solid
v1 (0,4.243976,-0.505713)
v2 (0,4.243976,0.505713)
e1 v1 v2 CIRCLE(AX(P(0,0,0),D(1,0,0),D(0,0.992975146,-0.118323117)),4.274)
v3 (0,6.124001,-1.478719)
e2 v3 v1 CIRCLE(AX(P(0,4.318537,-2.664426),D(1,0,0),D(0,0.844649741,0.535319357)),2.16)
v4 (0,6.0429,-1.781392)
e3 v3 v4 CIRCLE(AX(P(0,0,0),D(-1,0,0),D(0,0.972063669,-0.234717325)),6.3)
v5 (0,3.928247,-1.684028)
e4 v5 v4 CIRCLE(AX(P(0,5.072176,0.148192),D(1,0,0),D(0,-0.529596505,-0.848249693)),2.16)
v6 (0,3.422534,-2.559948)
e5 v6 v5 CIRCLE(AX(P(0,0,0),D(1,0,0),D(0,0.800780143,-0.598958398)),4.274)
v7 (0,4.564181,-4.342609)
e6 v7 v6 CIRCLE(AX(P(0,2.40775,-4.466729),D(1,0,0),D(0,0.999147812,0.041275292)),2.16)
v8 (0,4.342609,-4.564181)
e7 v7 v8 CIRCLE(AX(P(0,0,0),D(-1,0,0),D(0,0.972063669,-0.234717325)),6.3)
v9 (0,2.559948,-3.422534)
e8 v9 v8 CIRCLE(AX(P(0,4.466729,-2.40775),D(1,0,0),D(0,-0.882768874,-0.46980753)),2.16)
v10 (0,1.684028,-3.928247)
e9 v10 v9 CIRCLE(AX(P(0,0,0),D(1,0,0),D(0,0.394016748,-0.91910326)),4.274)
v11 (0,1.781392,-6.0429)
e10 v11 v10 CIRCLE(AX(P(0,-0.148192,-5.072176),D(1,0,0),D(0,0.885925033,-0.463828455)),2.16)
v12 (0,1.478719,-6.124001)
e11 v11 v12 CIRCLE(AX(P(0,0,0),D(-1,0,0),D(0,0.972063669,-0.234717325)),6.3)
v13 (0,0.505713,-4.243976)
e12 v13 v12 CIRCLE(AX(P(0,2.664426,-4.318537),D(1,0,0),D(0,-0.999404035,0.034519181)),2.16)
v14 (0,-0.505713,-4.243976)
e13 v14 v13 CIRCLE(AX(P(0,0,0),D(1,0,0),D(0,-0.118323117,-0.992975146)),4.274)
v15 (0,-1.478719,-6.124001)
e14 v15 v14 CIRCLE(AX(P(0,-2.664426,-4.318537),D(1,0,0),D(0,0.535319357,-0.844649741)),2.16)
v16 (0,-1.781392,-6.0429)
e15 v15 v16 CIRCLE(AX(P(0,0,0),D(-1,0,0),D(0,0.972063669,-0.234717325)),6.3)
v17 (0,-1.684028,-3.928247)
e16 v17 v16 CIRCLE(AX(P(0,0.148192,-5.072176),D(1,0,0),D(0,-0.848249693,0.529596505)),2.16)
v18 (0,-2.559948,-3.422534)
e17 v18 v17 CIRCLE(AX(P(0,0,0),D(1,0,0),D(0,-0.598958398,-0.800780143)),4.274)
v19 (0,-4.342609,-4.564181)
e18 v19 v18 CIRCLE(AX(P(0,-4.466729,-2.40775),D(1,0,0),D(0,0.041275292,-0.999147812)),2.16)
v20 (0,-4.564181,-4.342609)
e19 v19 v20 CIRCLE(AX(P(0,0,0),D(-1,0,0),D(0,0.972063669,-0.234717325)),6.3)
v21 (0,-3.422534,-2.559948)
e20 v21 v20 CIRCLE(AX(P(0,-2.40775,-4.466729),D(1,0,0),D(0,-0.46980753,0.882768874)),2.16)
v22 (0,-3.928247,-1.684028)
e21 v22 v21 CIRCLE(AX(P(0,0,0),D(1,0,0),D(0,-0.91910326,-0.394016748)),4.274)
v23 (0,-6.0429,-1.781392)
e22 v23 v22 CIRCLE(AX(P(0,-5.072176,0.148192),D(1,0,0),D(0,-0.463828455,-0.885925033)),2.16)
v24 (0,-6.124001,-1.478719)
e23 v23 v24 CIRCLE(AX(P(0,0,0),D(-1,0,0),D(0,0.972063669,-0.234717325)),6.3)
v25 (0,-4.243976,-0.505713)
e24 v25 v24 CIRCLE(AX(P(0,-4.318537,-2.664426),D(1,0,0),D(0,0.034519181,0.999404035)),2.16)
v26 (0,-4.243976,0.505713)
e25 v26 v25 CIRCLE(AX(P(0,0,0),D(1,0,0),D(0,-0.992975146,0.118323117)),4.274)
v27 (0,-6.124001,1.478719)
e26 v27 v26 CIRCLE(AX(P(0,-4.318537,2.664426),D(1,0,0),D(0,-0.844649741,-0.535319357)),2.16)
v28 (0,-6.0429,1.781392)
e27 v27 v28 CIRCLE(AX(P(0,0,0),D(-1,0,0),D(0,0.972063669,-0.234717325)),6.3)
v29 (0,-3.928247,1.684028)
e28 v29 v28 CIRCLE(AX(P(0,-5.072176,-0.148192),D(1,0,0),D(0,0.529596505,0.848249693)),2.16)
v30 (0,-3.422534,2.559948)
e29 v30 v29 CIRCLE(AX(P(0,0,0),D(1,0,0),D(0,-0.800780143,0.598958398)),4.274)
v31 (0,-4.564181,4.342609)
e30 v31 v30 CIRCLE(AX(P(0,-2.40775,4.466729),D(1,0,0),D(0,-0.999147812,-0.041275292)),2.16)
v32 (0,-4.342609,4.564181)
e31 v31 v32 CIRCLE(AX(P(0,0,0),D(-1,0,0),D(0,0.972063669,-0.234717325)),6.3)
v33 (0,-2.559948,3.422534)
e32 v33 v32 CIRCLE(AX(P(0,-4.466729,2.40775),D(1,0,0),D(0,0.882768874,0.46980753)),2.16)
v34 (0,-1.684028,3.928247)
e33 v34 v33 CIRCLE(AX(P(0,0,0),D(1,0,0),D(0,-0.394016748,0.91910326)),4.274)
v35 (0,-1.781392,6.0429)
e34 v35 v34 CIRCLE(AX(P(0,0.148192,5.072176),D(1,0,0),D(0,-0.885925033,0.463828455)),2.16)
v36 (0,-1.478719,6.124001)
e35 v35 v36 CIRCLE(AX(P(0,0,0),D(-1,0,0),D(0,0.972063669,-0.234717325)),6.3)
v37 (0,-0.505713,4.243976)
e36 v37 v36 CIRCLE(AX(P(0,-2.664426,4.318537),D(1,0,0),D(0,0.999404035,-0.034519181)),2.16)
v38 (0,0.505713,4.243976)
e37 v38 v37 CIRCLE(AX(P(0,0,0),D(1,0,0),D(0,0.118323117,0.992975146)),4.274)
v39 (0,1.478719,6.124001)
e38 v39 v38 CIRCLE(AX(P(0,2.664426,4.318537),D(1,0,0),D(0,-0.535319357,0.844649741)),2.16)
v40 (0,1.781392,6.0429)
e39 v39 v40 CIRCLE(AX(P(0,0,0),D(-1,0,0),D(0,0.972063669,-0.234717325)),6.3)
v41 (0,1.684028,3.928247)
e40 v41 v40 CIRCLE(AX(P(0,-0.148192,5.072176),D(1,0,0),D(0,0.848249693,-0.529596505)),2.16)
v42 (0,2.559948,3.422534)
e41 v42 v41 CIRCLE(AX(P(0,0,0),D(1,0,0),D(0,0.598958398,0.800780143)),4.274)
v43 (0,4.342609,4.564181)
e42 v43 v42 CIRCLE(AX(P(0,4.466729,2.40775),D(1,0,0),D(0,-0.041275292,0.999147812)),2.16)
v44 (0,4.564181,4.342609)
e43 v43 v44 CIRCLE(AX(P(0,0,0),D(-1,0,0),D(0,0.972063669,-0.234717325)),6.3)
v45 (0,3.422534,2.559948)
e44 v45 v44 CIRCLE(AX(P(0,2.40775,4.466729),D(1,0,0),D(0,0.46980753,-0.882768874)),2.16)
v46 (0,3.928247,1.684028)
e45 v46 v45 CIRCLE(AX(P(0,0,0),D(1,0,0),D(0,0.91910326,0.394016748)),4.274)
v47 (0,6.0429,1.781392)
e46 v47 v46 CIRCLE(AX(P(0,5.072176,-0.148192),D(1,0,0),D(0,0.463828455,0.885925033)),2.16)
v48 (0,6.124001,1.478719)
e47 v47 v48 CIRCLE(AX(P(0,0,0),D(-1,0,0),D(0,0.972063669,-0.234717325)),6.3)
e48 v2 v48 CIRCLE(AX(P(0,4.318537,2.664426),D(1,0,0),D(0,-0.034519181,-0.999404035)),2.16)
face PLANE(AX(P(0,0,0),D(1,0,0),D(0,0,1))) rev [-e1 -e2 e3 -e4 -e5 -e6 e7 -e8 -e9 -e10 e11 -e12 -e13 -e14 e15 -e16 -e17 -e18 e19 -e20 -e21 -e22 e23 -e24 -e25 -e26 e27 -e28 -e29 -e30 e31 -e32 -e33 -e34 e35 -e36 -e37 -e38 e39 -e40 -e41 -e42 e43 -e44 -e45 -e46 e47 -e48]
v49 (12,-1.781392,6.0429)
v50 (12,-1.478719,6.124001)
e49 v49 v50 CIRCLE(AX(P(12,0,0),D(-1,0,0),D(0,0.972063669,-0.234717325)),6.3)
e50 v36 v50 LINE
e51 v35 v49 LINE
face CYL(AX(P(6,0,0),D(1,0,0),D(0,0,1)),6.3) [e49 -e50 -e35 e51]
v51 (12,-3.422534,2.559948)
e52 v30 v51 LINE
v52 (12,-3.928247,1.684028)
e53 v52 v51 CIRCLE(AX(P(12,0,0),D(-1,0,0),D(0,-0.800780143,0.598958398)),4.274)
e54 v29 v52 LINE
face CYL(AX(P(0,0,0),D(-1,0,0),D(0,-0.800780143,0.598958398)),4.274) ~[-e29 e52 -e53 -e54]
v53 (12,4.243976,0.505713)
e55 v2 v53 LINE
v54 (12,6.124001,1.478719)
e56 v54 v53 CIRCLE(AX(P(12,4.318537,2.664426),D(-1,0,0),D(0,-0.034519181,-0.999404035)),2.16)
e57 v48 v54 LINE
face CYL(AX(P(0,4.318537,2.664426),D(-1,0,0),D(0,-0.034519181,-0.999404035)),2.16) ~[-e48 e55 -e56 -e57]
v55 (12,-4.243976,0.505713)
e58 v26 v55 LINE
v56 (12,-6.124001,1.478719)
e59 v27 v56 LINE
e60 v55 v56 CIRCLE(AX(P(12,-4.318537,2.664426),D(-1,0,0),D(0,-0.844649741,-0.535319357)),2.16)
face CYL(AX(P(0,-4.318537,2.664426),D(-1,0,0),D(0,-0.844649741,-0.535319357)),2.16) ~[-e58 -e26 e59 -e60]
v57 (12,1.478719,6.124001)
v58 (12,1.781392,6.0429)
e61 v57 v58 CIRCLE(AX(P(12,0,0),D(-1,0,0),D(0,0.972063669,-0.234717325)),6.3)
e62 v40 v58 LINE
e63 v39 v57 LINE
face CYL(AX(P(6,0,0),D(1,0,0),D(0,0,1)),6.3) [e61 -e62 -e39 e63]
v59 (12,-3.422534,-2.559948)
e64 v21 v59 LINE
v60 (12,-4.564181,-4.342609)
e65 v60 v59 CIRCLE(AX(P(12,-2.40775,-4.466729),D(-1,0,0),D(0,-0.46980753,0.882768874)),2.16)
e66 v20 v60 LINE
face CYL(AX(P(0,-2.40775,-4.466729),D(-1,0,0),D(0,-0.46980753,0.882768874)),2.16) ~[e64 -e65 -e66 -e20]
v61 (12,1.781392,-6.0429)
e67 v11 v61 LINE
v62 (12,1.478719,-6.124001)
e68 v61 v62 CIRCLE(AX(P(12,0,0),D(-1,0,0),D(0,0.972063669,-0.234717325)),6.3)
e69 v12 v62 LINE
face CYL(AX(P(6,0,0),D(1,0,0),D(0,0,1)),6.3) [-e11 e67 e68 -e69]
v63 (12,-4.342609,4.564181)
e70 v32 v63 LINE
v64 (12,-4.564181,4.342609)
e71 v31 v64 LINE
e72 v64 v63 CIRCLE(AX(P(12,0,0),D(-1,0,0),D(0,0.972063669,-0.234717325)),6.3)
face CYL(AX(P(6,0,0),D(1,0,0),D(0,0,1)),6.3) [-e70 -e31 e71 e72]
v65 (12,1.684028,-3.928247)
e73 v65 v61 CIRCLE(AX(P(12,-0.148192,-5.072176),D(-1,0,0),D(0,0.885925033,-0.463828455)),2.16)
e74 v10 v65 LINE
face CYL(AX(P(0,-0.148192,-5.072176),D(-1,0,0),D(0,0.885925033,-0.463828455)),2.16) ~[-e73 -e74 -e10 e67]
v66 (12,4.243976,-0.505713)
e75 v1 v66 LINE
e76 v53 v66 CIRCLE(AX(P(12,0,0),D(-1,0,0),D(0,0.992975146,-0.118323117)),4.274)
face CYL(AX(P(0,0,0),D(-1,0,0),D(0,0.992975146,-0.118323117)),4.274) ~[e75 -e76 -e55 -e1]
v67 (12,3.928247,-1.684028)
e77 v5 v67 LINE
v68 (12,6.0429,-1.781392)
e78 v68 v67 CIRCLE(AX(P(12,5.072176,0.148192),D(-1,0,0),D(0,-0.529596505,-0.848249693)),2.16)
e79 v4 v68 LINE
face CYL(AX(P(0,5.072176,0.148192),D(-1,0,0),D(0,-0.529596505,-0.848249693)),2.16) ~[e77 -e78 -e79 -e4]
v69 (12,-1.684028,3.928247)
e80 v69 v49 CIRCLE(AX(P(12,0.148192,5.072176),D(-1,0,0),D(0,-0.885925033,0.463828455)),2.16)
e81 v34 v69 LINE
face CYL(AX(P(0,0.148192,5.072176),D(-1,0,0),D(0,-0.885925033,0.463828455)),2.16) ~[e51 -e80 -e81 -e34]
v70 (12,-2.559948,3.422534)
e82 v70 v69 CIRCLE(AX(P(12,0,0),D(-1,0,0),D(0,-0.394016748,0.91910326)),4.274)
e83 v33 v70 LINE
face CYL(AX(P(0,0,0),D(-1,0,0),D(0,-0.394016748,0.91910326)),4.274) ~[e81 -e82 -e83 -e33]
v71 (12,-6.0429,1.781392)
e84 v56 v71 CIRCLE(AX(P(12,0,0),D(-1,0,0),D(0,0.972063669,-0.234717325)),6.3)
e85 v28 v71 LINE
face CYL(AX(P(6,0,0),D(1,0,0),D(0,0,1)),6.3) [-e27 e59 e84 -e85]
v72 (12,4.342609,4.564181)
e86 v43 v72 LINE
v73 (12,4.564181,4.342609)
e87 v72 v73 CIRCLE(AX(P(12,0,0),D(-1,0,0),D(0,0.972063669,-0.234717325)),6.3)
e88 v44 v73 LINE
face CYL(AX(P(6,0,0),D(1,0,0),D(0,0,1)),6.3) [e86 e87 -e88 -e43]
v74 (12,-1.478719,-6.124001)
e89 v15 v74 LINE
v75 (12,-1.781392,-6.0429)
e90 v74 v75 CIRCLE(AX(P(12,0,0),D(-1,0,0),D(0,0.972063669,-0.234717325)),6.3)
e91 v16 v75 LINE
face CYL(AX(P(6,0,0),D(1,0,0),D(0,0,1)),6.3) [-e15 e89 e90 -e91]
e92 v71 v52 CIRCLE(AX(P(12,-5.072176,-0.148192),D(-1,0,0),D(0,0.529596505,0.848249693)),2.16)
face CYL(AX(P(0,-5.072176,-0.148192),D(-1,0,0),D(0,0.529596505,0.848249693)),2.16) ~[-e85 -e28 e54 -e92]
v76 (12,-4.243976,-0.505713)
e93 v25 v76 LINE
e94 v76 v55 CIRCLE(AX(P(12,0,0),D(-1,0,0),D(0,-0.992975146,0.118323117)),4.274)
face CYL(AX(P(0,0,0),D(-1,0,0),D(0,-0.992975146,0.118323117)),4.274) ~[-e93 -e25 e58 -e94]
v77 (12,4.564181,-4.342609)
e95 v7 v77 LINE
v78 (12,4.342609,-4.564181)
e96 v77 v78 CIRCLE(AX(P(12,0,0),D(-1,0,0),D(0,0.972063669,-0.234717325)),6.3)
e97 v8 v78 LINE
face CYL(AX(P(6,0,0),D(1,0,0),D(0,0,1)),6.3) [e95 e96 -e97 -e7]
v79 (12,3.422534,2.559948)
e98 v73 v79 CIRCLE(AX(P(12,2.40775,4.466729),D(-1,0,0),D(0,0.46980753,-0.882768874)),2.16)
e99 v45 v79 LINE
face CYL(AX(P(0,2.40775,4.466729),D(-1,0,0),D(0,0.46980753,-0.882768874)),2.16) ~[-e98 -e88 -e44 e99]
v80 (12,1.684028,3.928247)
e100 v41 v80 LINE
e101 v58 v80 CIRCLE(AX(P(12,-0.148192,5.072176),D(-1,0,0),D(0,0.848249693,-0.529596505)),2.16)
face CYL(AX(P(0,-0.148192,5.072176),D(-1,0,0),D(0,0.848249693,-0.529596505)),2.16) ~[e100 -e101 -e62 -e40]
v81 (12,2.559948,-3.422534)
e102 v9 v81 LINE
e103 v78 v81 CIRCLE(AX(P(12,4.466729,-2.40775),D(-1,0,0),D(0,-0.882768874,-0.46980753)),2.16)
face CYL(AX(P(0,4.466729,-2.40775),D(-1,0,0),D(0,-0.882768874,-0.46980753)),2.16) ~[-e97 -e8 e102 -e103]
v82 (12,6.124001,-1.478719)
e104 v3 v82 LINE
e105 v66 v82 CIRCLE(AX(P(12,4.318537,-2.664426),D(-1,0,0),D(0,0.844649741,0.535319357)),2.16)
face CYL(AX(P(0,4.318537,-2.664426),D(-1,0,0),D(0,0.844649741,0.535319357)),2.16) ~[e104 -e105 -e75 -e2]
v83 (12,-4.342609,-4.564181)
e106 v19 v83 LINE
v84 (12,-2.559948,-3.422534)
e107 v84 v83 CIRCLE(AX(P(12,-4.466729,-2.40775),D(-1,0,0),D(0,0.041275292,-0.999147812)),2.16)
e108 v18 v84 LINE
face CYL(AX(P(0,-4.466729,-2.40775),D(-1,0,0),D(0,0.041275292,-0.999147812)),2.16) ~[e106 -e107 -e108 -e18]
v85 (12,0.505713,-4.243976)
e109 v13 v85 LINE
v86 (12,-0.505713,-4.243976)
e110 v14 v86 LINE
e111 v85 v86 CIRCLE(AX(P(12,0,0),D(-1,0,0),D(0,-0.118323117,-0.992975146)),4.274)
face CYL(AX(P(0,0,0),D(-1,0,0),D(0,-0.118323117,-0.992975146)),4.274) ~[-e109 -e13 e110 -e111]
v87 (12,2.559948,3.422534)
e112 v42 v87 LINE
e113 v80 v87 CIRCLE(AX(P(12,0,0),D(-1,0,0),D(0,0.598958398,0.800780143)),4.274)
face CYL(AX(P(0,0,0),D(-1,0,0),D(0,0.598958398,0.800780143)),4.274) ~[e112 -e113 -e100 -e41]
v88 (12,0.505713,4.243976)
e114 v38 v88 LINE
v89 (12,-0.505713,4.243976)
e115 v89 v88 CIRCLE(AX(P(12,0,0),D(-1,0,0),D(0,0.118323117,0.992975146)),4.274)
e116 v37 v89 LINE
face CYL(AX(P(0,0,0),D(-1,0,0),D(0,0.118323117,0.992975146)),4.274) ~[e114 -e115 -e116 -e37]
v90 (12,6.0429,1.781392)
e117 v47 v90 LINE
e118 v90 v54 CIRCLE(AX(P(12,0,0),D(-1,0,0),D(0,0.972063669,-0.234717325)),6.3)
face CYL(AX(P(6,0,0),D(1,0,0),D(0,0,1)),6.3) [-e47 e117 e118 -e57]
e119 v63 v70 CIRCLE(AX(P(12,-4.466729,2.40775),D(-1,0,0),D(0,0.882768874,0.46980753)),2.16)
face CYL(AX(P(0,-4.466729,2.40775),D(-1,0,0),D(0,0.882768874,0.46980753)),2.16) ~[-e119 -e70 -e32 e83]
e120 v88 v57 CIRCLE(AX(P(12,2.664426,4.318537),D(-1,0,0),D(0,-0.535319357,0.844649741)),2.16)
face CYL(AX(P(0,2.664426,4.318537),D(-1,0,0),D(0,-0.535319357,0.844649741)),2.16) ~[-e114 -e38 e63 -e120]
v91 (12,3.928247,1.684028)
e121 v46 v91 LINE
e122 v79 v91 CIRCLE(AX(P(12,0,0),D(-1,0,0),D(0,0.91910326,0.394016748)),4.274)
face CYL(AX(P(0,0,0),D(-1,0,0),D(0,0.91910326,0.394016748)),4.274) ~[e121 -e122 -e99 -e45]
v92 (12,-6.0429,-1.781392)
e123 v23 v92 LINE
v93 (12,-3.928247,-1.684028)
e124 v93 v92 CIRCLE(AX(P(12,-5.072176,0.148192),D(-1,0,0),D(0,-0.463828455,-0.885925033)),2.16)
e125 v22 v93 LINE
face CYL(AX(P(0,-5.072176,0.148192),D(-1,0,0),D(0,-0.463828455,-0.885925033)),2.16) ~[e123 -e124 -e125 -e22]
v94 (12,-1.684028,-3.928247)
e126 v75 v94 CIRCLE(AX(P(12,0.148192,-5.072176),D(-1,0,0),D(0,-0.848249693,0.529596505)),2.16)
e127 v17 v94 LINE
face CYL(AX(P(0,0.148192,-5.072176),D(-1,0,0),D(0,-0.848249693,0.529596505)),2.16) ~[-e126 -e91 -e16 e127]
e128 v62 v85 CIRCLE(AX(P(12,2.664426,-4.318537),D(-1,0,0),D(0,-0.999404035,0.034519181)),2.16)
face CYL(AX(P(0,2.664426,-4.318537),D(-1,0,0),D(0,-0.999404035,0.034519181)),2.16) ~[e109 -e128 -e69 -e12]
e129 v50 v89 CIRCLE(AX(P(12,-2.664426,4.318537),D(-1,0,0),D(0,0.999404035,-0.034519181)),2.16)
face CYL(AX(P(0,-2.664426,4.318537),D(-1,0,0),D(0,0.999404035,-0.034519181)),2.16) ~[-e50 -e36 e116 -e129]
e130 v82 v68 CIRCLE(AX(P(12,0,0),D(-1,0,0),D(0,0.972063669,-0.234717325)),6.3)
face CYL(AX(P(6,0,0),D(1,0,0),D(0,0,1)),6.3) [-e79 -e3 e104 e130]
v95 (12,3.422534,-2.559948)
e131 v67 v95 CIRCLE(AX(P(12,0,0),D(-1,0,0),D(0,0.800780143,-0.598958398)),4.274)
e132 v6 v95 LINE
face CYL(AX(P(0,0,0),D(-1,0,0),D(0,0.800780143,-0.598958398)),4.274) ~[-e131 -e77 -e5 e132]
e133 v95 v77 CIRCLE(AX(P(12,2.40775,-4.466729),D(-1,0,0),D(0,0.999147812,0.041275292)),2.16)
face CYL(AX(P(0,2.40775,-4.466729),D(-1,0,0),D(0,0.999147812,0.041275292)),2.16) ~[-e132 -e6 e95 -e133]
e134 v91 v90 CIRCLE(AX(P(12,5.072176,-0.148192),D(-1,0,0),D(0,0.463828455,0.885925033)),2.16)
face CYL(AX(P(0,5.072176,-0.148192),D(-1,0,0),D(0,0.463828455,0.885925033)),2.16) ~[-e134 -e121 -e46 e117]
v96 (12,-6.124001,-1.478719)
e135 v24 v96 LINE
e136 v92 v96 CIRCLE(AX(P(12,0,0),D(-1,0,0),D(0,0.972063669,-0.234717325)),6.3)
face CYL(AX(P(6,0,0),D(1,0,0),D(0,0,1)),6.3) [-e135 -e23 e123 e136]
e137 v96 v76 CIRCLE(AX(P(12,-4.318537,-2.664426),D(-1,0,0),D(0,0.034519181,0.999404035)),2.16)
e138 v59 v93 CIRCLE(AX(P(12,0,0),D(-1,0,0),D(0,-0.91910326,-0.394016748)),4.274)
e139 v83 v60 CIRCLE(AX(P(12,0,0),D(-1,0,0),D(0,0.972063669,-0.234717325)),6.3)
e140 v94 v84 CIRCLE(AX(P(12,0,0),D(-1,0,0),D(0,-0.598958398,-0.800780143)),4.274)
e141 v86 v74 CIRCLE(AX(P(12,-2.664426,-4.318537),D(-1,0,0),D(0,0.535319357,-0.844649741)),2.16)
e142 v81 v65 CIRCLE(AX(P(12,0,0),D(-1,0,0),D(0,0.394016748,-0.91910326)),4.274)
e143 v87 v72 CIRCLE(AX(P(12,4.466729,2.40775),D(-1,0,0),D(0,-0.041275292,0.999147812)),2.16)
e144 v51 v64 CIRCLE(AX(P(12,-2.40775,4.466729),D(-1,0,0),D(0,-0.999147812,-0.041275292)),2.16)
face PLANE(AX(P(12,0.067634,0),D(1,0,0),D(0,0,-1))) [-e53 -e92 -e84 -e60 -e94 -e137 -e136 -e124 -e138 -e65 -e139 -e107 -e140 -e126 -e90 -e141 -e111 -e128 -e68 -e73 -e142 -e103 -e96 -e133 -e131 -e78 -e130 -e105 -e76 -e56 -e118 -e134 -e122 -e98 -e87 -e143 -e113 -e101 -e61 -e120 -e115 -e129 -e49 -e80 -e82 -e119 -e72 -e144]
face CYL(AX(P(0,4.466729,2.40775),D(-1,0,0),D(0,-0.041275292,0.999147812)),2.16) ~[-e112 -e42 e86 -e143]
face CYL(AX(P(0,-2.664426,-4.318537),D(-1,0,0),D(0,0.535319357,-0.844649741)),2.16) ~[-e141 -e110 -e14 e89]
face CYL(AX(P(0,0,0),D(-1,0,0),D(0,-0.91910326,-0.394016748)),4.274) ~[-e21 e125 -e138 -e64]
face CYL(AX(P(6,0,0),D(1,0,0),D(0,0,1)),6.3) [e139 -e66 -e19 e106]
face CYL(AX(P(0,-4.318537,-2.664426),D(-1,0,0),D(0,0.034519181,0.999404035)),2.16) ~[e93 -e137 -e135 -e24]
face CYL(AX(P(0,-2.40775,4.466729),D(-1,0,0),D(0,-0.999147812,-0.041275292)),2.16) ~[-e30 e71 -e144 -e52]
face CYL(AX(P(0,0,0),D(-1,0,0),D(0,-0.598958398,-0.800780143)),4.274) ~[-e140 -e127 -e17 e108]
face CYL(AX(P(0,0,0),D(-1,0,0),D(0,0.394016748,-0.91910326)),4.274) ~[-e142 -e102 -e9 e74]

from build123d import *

# Parameters (mm, degrees)
BASPROSKE_W         = 12
BASPROSKE_H         = 6.3
TOOTHCUT_DEPTH      = 15.945902448
TEETHCUTS_COUNT     = 12
TEETHCUTS_ANGLE     = 330
BORE_DEPTH          = 50.0000508
BOSS_EXTRUDE1_DEPTH = 12


with BuildPart() as part:
    # BasProSke → Base-Revolve (revolve)
    with BuildSketch(Plane(origin=(0, 0, 0), x_dir=(1, 0, 0), z_dir=(0, 1, 0)), mode=Mode.PRIVATE) as base_revolve_sk:
        with Locations((6, 3.15)):
            Rectangle(BASPROSKE_W, BASPROSKE_H)
    revolve(base_revolve_sk.sketch.rotate(Axis((-10, 0, 0), (1, 0, 0)), 180), axis=Axis((-10, 0, 0), (1, 0, 0)))

    # TooCutSke → ToothCut (cut, through all)
    with BuildSketch(Plane(origin=(0, 0, 0), x_dir=(0, 0, -1), z_dir=(1, 0, 0))):
        with BuildLine():
            ThreePointArc((0.505712998, 4.243975773), (0, 4.274), (-0.505712998, 4.243975773))
            ThreePointArc((-0.505712998, 4.243975773), (-0.754225381, 5.326869831), (-1.508135905, 6.142980649))
            ThreePointArc((-1.508135905, 6.142980649), (0, 6.3254), (1.508135905, 6.142980649))
            ThreePointArc((1.508135905, 6.142980649), (0.754225381, 5.326869831), (0.505712998, 4.243975773))
        make_face()
    toothcut = extrude(amount=TOOTHCUT_DEPTH, mode=Mode.SUBTRACT)

    # TeethCuts: ToothCut ×12 about axis
    teethcuts_axis = Axis((-10, 0, 0), (1, 0, 0))
    for i in range(1, TEETHCUTS_COUNT):
        add(toothcut.rotate(teethcuts_axis, i * TEETHCUTS_ANGLE / (TEETHCUTS_COUNT - 1)), mode=Mode.SUBTRACT)

    # BorSke → Bore (cut, symmetric)
    with BuildSketch(Plane(origin=(0, 0, 0), x_dir=(0, 0, -1), z_dir=(1, 0, 0))):
        with BuildLine():
            Line((-1.5, 2), (1.5, 2))
            ThreePointArc((1.5, 2), (0, -2.5), (-1.5, 2))
        make_face()
    extrude(amount=BORE_DEPTH, both=True, mode=Mode.SUBTRACT)

    # Sketch1 → Boss-Extrude1 (add)
    with BuildSketch(Plane(origin=(12, 0, 0), x_dir=(0, 0, -1), z_dir=(1, 0, 0))):
        with BuildLine():
            Line((1.5, 2), (-1.5, 2))
            ThreePointArc((-1.5, 2), (0, -2.5), (1.5, 2))
        make_face()
    extrude(amount=-BOSS_EXTRUDE1_DEPTH)


solid = part.part
